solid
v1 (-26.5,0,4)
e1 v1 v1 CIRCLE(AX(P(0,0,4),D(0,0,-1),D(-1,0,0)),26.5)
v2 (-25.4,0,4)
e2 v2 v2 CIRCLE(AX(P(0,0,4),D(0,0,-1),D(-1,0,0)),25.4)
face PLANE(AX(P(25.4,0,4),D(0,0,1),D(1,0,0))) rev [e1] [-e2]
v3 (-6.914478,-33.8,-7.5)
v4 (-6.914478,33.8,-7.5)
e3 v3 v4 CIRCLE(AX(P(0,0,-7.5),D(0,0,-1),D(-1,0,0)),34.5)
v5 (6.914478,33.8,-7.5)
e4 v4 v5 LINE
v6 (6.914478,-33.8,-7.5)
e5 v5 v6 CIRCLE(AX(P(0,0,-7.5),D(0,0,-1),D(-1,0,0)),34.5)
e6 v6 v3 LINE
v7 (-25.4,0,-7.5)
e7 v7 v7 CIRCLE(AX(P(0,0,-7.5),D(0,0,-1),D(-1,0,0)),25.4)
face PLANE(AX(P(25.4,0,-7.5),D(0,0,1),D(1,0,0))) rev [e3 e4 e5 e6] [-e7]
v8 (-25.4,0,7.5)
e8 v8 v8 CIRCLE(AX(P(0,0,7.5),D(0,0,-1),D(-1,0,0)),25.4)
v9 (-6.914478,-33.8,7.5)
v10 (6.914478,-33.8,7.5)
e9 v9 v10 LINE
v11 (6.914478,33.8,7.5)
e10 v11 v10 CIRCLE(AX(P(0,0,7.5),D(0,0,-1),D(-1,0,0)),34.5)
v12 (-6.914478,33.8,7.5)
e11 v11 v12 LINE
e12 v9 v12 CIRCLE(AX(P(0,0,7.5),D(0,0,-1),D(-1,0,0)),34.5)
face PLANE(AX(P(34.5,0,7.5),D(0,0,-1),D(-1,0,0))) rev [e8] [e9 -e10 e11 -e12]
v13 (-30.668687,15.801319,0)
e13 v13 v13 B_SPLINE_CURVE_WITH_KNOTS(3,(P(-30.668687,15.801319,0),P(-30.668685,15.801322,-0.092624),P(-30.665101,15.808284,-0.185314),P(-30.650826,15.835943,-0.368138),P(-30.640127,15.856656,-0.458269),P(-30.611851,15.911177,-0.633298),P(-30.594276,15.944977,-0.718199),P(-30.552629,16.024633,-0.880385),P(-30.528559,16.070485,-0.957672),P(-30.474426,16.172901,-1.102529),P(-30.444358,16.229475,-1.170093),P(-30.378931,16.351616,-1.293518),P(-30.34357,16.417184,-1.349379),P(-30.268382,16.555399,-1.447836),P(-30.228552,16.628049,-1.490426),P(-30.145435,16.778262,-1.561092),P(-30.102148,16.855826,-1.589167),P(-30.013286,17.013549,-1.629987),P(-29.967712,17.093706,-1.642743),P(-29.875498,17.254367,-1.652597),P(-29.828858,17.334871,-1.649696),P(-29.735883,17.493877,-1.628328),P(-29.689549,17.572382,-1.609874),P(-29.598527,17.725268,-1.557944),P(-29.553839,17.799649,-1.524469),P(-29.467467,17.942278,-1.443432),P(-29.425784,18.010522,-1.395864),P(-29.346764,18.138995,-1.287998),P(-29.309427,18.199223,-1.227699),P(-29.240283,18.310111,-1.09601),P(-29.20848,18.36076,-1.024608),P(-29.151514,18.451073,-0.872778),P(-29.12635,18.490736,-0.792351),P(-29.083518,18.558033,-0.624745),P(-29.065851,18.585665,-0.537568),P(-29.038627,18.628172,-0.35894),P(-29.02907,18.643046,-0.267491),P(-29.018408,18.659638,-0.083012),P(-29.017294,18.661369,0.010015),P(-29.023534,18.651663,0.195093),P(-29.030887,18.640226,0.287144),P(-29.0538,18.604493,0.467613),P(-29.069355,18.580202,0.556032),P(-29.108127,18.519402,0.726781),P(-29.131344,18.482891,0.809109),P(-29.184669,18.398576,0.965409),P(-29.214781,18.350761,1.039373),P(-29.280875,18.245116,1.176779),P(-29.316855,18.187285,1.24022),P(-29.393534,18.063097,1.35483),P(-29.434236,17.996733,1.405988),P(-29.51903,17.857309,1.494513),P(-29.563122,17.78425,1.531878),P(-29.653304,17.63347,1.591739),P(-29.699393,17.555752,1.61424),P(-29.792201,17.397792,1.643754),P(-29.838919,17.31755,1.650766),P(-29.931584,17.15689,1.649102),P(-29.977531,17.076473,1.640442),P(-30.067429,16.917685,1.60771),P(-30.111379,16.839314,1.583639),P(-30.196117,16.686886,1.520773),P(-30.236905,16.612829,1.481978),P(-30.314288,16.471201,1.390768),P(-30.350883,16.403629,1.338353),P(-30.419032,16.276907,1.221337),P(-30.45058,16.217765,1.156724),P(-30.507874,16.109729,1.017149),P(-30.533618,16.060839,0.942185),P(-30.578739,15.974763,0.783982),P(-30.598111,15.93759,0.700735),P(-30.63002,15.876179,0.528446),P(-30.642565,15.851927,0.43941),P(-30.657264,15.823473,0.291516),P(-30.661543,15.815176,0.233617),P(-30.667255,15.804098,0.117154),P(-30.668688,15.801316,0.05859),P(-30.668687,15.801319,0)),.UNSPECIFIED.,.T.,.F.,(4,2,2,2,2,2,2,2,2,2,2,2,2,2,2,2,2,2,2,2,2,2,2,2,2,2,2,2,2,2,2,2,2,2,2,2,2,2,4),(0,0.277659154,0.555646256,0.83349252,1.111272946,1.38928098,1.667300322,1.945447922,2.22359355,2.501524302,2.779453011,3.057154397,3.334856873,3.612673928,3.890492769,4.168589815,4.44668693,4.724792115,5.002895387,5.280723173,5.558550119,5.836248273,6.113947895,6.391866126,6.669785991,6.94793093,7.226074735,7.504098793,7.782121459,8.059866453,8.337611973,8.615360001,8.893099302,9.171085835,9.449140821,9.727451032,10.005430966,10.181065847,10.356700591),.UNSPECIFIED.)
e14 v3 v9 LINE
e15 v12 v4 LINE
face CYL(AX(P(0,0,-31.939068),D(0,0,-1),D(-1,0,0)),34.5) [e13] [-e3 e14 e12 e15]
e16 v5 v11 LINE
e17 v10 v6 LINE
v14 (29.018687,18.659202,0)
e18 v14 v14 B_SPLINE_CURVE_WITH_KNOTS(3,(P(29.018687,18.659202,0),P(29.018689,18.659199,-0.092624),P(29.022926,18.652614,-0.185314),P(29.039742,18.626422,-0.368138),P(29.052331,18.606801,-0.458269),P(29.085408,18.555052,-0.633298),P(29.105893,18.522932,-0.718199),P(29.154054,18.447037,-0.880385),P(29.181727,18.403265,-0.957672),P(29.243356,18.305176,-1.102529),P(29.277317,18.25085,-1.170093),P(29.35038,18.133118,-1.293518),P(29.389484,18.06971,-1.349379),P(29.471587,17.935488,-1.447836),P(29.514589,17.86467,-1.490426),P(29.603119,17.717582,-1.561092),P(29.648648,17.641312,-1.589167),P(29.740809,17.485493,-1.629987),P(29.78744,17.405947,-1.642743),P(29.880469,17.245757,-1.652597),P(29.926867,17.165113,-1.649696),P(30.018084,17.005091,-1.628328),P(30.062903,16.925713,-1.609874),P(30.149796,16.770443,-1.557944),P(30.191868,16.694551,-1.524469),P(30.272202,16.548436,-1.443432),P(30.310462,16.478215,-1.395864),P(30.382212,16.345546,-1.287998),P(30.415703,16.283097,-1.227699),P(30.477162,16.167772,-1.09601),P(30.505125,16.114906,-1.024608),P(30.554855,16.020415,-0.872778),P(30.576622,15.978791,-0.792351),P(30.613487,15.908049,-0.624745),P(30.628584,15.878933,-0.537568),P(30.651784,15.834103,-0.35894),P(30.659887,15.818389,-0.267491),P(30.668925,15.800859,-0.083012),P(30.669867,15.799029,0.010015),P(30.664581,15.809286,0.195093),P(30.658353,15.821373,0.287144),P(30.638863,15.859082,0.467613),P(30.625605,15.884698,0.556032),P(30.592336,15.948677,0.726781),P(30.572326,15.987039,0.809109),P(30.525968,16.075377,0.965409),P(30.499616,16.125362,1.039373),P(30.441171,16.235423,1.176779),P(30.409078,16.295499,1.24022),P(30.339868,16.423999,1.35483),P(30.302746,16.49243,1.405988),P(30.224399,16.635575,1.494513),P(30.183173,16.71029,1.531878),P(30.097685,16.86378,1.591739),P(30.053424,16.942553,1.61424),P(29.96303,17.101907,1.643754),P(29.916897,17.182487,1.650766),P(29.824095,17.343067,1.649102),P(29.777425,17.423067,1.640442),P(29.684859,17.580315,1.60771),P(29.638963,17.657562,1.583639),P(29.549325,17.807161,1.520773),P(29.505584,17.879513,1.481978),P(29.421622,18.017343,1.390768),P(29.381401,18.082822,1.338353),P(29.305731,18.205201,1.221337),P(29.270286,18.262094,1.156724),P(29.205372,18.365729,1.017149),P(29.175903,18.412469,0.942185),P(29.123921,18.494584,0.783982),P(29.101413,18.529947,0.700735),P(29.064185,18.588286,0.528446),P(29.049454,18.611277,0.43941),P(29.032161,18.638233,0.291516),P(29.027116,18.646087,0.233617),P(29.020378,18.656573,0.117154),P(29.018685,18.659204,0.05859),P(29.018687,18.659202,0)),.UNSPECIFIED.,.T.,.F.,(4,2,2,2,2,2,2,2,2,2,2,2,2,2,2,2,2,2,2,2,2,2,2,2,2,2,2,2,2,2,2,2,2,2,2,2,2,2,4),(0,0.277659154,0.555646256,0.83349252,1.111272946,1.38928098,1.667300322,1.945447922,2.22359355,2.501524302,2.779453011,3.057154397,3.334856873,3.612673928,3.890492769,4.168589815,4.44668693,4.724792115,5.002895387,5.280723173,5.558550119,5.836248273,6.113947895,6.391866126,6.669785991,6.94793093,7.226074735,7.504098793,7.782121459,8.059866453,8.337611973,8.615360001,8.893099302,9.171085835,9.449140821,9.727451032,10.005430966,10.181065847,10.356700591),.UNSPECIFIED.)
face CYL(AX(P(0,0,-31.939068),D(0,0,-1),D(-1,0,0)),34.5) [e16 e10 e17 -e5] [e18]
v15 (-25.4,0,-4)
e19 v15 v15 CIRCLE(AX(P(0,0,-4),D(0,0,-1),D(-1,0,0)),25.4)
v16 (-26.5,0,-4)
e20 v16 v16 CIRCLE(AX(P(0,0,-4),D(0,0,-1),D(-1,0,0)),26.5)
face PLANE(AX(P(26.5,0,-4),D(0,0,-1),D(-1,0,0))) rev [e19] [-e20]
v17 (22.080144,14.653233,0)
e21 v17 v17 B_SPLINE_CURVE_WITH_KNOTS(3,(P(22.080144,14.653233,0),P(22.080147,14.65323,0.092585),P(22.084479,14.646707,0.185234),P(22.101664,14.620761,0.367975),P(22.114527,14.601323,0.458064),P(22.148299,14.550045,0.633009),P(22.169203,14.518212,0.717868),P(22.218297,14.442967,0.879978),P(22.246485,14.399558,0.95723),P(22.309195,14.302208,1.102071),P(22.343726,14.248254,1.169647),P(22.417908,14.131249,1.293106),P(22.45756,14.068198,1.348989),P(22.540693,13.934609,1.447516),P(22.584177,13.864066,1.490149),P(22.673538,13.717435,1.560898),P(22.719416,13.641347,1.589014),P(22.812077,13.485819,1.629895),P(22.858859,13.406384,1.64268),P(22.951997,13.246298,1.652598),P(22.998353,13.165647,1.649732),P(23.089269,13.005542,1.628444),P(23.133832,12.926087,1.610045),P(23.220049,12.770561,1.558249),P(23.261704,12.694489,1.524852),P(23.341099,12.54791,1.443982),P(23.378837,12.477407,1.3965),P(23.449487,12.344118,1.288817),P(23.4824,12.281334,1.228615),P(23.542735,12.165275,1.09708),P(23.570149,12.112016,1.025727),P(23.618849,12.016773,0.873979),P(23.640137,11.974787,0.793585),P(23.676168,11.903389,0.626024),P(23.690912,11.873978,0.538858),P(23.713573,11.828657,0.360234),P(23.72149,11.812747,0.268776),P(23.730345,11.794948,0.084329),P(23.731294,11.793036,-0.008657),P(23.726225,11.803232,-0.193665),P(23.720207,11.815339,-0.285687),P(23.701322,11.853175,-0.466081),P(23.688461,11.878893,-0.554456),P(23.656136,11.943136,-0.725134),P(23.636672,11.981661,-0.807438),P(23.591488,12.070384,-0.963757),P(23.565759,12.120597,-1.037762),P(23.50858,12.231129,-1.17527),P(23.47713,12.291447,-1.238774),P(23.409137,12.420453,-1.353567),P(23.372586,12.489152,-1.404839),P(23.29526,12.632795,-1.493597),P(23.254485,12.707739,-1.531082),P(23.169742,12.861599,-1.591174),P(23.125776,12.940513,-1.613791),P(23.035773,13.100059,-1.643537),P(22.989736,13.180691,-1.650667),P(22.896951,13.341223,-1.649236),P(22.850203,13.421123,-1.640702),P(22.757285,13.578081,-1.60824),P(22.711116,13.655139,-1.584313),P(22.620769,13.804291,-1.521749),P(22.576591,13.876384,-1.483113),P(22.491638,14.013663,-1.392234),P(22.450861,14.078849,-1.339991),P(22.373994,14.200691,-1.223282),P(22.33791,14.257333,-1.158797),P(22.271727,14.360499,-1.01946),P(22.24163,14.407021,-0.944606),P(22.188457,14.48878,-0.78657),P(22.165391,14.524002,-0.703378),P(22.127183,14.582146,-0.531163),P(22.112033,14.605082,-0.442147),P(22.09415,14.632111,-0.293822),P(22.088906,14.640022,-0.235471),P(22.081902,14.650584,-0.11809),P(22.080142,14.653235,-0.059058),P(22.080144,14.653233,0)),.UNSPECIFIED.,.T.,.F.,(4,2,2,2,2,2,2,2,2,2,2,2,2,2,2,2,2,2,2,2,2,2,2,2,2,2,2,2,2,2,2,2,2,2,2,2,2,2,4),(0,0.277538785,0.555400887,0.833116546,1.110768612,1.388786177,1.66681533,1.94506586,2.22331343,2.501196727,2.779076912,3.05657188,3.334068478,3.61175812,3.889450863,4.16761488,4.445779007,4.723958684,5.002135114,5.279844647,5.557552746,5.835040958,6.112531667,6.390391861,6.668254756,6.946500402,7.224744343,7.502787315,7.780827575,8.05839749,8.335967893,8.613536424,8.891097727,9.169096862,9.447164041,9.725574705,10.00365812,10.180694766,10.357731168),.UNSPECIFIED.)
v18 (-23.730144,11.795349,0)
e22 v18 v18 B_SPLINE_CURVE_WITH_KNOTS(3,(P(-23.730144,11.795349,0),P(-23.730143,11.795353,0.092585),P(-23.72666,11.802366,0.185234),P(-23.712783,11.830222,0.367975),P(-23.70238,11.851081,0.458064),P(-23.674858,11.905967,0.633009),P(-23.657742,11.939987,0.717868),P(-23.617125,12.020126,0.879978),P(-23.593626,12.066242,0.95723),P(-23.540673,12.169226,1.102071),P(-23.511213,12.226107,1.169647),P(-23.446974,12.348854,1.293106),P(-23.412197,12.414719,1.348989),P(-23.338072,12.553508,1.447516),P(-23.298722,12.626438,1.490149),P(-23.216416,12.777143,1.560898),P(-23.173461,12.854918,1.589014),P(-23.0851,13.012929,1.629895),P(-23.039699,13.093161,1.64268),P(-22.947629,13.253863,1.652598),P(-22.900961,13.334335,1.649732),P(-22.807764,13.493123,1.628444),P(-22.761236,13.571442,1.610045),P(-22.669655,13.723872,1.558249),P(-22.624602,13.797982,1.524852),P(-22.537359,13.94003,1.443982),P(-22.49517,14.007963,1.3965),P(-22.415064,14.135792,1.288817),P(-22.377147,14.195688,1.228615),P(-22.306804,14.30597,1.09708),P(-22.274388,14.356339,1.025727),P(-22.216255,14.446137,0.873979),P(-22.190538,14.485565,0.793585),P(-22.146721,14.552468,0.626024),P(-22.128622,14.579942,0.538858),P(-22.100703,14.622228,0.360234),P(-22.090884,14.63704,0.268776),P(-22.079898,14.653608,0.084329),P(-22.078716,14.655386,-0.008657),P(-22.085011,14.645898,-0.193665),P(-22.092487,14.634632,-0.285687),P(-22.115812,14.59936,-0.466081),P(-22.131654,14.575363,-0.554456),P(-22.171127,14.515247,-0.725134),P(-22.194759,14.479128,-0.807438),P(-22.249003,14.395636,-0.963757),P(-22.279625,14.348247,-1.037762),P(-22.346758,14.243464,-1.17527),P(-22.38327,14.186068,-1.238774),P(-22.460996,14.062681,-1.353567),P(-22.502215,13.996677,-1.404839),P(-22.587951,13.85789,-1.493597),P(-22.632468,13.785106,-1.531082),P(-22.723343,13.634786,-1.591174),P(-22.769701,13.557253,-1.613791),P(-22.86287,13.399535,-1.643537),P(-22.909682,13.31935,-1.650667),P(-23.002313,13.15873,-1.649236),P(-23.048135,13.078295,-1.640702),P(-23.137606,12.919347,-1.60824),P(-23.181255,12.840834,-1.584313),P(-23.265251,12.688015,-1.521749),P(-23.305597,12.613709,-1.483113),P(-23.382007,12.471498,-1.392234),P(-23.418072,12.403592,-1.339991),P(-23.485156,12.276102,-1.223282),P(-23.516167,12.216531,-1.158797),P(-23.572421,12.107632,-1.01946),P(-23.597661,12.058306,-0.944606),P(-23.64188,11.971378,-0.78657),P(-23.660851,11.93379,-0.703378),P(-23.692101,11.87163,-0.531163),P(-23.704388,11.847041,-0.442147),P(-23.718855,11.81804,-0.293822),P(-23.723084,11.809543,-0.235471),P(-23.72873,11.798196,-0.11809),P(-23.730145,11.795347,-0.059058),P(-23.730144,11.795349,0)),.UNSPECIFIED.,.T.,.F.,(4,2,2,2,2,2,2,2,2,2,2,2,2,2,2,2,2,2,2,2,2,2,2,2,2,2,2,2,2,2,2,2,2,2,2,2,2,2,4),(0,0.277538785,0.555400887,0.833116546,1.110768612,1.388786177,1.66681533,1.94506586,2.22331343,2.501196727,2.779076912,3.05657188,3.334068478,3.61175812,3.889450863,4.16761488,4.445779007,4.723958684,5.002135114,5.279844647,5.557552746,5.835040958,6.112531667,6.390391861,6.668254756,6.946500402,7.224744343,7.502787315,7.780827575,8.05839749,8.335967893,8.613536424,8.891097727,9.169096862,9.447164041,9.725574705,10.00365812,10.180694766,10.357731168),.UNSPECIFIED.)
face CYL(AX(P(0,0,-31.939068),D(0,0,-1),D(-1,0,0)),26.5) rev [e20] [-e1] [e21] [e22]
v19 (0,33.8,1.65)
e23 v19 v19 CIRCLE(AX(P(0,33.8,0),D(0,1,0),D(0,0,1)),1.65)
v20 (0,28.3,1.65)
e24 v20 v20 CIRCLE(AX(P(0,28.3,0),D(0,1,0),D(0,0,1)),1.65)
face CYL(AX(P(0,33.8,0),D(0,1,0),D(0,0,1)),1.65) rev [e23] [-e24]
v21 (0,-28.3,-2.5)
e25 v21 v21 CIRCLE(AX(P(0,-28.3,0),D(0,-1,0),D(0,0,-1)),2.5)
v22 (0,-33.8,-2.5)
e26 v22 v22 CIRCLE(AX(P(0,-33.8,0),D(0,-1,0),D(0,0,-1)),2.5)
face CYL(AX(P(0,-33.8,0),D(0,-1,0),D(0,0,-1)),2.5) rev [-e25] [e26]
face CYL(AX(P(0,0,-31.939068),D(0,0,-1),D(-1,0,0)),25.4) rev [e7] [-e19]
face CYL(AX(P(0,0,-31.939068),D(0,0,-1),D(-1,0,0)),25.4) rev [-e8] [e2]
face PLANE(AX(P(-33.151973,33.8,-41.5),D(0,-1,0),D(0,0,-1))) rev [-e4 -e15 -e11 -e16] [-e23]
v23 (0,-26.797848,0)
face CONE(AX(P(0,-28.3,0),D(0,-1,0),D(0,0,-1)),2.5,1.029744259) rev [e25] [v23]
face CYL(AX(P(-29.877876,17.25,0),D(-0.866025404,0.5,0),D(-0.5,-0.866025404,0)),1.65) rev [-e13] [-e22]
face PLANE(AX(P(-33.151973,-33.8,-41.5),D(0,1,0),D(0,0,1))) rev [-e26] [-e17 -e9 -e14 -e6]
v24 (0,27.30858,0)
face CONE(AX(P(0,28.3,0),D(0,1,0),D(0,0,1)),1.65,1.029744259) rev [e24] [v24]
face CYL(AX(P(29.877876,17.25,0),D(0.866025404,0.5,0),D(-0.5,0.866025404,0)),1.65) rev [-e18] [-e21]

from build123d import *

# Parameters (mm, degrees)
SKETCH_2_W                       = 64.02174429
SKETCH_2_H                       = 9.248919907
CUT_EXTRUDE_1_DEPTH              = 49
HOLE_WIZARD_M4_2_D               = 3.3
HOLE_WIZARD_M4_2_DEPTH           = 5.5
HOLE_WIZARD_M4_2_TIP             = 0.991420021
HOLE_WIZARD_M6_2_D               = 5
HOLE_WIZARD_M6_2_DEPTH           = 5.5
HOLE_WIZARD_M6_2_TIP             = 1.502151548
HOLE_WIZARD_M4_3_D               = 3.3
HOLE_WIZARD_M4_3_DEPTH           = 13.4
HOLE_WIZARD_M4_3_TIP             = 0.991420021
HOLE_WIZARD_M4_3_ON_FACE_2_D     = 3.3
HOLE_WIZARD_M4_3_ON_FACE_2_DEPTH = 13.4
HOLE_WIZARD_M4_3_ON_FACE_2_TIP   = 0.991420021


with BuildPart() as part:
    # 草图1 → 旋转1 (revolve)
    with BuildSketch(Plane(origin=(0, 0, 0), x_dir=(1, 0, 0), z_dir=(0, 1, 0)), mode=Mode.PRIVATE) as revolve_1_sk:
        Polygon((34.5, 7.5), (34.5, -7.5), (25.4, -7.5), (25.4, -4), (26.5, -4), (26.5, 4), (25.4, 4), (25.4, 7.5), align=None)
    revolve(revolve_1_sk.sketch.rotate(Axis((0, 0, -31.9390681), (0, 0, 1)), 180), axis=Axis((0, 0, -31.9390681), (0, 0, 1)))  # turned: the seam where the file's is

    # 草图2 → 切除-拉伸1 (cut)
    with BuildSketch(Plane.XY.offset(7.5)):
        with Locations((-1.141100508, 38.424459954)):
            Rectangle(SKETCH_2_W, SKETCH_2_H)
        with Locations((-1.141100508, -38.424459954)):
            Rectangle(SKETCH_2_W, SKETCH_2_H)
    extrude(amount=-CUT_EXTRUDE_1_DEPTH, mode=Mode.SUBTRACT)

    # M4 螺纹孔2
    with Locations(Plane(origin=(0, 33.8, 0), x_dir=(1, 0, 0), z_dir=(0, 1, 0))):
        with Locations((0, 0)):
            Hole(HOLE_WIZARD_M4_2_D / 2, depth=HOLE_WIZARD_M4_2_DEPTH)
            with Locations((0, 0, -(HOLE_WIZARD_M4_2_DEPTH + HOLE_WIZARD_M4_2_TIP / 2))):  # 118° drill point
                Cone(0, HOLE_WIZARD_M4_2_D / 2, HOLE_WIZARD_M4_2_TIP, mode=Mode.SUBTRACT)

    # M6 螺纹孔2
    with Locations(Plane(origin=(0, -33.8, 0), x_dir=(-1, 0, 0), z_dir=(0, -1, 0))):
        with Locations((0, 0)):
            Hole(HOLE_WIZARD_M6_2_D / 2, depth=HOLE_WIZARD_M6_2_DEPTH)
            with Locations((0, 0, -(HOLE_WIZARD_M6_2_DEPTH + HOLE_WIZARD_M6_2_TIP / 2))):  # 118° drill point
                Cone(0, HOLE_WIZARD_M6_2_D / 2, HOLE_WIZARD_M6_2_TIP, mode=Mode.SUBTRACT)

    # M4 螺纹孔3
    with Locations(Plane(origin=(29.877876431, 17.25, 0), x_dir=(-0.5, 0.866025404, 0), z_dir=(0.866025404, 0.5, 0))):
        with Locations((0, 0)):
            Hole(HOLE_WIZARD_M4_3_D / 2, depth=HOLE_WIZARD_M4_3_DEPTH)
            with Locations((0, 0, -(HOLE_WIZARD_M4_3_DEPTH + HOLE_WIZARD_M4_3_TIP / 2))):  # 118° drill point
                Cone(0, HOLE_WIZARD_M4_3_D / 2, HOLE_WIZARD_M4_3_TIP, mode=Mode.SUBTRACT)

    # M4 螺纹孔3 on face 2
    with Locations(Plane(origin=(-29.877876431, 17.25, 0), x_dir=(-0.500000175, -0.866025303, 0), z_dir=(-0.866025303, 0.500000175, 0))):
        with Locations((0, 0)):
            Hole(HOLE_WIZARD_M4_3_ON_FACE_2_D / 2, depth=HOLE_WIZARD_M4_3_ON_FACE_2_DEPTH)
            with Locations((0, 0, -(HOLE_WIZARD_M4_3_ON_FACE_2_DEPTH + HOLE_WIZARD_M4_3_ON_FACE_2_TIP / 2))):  # 118° drill point
                Cone(0, HOLE_WIZARD_M4_3_ON_FACE_2_D / 2, HOLE_WIZARD_M4_3_ON_FACE_2_TIP, mode=Mode.SUBTRACT)


solid = part.part
